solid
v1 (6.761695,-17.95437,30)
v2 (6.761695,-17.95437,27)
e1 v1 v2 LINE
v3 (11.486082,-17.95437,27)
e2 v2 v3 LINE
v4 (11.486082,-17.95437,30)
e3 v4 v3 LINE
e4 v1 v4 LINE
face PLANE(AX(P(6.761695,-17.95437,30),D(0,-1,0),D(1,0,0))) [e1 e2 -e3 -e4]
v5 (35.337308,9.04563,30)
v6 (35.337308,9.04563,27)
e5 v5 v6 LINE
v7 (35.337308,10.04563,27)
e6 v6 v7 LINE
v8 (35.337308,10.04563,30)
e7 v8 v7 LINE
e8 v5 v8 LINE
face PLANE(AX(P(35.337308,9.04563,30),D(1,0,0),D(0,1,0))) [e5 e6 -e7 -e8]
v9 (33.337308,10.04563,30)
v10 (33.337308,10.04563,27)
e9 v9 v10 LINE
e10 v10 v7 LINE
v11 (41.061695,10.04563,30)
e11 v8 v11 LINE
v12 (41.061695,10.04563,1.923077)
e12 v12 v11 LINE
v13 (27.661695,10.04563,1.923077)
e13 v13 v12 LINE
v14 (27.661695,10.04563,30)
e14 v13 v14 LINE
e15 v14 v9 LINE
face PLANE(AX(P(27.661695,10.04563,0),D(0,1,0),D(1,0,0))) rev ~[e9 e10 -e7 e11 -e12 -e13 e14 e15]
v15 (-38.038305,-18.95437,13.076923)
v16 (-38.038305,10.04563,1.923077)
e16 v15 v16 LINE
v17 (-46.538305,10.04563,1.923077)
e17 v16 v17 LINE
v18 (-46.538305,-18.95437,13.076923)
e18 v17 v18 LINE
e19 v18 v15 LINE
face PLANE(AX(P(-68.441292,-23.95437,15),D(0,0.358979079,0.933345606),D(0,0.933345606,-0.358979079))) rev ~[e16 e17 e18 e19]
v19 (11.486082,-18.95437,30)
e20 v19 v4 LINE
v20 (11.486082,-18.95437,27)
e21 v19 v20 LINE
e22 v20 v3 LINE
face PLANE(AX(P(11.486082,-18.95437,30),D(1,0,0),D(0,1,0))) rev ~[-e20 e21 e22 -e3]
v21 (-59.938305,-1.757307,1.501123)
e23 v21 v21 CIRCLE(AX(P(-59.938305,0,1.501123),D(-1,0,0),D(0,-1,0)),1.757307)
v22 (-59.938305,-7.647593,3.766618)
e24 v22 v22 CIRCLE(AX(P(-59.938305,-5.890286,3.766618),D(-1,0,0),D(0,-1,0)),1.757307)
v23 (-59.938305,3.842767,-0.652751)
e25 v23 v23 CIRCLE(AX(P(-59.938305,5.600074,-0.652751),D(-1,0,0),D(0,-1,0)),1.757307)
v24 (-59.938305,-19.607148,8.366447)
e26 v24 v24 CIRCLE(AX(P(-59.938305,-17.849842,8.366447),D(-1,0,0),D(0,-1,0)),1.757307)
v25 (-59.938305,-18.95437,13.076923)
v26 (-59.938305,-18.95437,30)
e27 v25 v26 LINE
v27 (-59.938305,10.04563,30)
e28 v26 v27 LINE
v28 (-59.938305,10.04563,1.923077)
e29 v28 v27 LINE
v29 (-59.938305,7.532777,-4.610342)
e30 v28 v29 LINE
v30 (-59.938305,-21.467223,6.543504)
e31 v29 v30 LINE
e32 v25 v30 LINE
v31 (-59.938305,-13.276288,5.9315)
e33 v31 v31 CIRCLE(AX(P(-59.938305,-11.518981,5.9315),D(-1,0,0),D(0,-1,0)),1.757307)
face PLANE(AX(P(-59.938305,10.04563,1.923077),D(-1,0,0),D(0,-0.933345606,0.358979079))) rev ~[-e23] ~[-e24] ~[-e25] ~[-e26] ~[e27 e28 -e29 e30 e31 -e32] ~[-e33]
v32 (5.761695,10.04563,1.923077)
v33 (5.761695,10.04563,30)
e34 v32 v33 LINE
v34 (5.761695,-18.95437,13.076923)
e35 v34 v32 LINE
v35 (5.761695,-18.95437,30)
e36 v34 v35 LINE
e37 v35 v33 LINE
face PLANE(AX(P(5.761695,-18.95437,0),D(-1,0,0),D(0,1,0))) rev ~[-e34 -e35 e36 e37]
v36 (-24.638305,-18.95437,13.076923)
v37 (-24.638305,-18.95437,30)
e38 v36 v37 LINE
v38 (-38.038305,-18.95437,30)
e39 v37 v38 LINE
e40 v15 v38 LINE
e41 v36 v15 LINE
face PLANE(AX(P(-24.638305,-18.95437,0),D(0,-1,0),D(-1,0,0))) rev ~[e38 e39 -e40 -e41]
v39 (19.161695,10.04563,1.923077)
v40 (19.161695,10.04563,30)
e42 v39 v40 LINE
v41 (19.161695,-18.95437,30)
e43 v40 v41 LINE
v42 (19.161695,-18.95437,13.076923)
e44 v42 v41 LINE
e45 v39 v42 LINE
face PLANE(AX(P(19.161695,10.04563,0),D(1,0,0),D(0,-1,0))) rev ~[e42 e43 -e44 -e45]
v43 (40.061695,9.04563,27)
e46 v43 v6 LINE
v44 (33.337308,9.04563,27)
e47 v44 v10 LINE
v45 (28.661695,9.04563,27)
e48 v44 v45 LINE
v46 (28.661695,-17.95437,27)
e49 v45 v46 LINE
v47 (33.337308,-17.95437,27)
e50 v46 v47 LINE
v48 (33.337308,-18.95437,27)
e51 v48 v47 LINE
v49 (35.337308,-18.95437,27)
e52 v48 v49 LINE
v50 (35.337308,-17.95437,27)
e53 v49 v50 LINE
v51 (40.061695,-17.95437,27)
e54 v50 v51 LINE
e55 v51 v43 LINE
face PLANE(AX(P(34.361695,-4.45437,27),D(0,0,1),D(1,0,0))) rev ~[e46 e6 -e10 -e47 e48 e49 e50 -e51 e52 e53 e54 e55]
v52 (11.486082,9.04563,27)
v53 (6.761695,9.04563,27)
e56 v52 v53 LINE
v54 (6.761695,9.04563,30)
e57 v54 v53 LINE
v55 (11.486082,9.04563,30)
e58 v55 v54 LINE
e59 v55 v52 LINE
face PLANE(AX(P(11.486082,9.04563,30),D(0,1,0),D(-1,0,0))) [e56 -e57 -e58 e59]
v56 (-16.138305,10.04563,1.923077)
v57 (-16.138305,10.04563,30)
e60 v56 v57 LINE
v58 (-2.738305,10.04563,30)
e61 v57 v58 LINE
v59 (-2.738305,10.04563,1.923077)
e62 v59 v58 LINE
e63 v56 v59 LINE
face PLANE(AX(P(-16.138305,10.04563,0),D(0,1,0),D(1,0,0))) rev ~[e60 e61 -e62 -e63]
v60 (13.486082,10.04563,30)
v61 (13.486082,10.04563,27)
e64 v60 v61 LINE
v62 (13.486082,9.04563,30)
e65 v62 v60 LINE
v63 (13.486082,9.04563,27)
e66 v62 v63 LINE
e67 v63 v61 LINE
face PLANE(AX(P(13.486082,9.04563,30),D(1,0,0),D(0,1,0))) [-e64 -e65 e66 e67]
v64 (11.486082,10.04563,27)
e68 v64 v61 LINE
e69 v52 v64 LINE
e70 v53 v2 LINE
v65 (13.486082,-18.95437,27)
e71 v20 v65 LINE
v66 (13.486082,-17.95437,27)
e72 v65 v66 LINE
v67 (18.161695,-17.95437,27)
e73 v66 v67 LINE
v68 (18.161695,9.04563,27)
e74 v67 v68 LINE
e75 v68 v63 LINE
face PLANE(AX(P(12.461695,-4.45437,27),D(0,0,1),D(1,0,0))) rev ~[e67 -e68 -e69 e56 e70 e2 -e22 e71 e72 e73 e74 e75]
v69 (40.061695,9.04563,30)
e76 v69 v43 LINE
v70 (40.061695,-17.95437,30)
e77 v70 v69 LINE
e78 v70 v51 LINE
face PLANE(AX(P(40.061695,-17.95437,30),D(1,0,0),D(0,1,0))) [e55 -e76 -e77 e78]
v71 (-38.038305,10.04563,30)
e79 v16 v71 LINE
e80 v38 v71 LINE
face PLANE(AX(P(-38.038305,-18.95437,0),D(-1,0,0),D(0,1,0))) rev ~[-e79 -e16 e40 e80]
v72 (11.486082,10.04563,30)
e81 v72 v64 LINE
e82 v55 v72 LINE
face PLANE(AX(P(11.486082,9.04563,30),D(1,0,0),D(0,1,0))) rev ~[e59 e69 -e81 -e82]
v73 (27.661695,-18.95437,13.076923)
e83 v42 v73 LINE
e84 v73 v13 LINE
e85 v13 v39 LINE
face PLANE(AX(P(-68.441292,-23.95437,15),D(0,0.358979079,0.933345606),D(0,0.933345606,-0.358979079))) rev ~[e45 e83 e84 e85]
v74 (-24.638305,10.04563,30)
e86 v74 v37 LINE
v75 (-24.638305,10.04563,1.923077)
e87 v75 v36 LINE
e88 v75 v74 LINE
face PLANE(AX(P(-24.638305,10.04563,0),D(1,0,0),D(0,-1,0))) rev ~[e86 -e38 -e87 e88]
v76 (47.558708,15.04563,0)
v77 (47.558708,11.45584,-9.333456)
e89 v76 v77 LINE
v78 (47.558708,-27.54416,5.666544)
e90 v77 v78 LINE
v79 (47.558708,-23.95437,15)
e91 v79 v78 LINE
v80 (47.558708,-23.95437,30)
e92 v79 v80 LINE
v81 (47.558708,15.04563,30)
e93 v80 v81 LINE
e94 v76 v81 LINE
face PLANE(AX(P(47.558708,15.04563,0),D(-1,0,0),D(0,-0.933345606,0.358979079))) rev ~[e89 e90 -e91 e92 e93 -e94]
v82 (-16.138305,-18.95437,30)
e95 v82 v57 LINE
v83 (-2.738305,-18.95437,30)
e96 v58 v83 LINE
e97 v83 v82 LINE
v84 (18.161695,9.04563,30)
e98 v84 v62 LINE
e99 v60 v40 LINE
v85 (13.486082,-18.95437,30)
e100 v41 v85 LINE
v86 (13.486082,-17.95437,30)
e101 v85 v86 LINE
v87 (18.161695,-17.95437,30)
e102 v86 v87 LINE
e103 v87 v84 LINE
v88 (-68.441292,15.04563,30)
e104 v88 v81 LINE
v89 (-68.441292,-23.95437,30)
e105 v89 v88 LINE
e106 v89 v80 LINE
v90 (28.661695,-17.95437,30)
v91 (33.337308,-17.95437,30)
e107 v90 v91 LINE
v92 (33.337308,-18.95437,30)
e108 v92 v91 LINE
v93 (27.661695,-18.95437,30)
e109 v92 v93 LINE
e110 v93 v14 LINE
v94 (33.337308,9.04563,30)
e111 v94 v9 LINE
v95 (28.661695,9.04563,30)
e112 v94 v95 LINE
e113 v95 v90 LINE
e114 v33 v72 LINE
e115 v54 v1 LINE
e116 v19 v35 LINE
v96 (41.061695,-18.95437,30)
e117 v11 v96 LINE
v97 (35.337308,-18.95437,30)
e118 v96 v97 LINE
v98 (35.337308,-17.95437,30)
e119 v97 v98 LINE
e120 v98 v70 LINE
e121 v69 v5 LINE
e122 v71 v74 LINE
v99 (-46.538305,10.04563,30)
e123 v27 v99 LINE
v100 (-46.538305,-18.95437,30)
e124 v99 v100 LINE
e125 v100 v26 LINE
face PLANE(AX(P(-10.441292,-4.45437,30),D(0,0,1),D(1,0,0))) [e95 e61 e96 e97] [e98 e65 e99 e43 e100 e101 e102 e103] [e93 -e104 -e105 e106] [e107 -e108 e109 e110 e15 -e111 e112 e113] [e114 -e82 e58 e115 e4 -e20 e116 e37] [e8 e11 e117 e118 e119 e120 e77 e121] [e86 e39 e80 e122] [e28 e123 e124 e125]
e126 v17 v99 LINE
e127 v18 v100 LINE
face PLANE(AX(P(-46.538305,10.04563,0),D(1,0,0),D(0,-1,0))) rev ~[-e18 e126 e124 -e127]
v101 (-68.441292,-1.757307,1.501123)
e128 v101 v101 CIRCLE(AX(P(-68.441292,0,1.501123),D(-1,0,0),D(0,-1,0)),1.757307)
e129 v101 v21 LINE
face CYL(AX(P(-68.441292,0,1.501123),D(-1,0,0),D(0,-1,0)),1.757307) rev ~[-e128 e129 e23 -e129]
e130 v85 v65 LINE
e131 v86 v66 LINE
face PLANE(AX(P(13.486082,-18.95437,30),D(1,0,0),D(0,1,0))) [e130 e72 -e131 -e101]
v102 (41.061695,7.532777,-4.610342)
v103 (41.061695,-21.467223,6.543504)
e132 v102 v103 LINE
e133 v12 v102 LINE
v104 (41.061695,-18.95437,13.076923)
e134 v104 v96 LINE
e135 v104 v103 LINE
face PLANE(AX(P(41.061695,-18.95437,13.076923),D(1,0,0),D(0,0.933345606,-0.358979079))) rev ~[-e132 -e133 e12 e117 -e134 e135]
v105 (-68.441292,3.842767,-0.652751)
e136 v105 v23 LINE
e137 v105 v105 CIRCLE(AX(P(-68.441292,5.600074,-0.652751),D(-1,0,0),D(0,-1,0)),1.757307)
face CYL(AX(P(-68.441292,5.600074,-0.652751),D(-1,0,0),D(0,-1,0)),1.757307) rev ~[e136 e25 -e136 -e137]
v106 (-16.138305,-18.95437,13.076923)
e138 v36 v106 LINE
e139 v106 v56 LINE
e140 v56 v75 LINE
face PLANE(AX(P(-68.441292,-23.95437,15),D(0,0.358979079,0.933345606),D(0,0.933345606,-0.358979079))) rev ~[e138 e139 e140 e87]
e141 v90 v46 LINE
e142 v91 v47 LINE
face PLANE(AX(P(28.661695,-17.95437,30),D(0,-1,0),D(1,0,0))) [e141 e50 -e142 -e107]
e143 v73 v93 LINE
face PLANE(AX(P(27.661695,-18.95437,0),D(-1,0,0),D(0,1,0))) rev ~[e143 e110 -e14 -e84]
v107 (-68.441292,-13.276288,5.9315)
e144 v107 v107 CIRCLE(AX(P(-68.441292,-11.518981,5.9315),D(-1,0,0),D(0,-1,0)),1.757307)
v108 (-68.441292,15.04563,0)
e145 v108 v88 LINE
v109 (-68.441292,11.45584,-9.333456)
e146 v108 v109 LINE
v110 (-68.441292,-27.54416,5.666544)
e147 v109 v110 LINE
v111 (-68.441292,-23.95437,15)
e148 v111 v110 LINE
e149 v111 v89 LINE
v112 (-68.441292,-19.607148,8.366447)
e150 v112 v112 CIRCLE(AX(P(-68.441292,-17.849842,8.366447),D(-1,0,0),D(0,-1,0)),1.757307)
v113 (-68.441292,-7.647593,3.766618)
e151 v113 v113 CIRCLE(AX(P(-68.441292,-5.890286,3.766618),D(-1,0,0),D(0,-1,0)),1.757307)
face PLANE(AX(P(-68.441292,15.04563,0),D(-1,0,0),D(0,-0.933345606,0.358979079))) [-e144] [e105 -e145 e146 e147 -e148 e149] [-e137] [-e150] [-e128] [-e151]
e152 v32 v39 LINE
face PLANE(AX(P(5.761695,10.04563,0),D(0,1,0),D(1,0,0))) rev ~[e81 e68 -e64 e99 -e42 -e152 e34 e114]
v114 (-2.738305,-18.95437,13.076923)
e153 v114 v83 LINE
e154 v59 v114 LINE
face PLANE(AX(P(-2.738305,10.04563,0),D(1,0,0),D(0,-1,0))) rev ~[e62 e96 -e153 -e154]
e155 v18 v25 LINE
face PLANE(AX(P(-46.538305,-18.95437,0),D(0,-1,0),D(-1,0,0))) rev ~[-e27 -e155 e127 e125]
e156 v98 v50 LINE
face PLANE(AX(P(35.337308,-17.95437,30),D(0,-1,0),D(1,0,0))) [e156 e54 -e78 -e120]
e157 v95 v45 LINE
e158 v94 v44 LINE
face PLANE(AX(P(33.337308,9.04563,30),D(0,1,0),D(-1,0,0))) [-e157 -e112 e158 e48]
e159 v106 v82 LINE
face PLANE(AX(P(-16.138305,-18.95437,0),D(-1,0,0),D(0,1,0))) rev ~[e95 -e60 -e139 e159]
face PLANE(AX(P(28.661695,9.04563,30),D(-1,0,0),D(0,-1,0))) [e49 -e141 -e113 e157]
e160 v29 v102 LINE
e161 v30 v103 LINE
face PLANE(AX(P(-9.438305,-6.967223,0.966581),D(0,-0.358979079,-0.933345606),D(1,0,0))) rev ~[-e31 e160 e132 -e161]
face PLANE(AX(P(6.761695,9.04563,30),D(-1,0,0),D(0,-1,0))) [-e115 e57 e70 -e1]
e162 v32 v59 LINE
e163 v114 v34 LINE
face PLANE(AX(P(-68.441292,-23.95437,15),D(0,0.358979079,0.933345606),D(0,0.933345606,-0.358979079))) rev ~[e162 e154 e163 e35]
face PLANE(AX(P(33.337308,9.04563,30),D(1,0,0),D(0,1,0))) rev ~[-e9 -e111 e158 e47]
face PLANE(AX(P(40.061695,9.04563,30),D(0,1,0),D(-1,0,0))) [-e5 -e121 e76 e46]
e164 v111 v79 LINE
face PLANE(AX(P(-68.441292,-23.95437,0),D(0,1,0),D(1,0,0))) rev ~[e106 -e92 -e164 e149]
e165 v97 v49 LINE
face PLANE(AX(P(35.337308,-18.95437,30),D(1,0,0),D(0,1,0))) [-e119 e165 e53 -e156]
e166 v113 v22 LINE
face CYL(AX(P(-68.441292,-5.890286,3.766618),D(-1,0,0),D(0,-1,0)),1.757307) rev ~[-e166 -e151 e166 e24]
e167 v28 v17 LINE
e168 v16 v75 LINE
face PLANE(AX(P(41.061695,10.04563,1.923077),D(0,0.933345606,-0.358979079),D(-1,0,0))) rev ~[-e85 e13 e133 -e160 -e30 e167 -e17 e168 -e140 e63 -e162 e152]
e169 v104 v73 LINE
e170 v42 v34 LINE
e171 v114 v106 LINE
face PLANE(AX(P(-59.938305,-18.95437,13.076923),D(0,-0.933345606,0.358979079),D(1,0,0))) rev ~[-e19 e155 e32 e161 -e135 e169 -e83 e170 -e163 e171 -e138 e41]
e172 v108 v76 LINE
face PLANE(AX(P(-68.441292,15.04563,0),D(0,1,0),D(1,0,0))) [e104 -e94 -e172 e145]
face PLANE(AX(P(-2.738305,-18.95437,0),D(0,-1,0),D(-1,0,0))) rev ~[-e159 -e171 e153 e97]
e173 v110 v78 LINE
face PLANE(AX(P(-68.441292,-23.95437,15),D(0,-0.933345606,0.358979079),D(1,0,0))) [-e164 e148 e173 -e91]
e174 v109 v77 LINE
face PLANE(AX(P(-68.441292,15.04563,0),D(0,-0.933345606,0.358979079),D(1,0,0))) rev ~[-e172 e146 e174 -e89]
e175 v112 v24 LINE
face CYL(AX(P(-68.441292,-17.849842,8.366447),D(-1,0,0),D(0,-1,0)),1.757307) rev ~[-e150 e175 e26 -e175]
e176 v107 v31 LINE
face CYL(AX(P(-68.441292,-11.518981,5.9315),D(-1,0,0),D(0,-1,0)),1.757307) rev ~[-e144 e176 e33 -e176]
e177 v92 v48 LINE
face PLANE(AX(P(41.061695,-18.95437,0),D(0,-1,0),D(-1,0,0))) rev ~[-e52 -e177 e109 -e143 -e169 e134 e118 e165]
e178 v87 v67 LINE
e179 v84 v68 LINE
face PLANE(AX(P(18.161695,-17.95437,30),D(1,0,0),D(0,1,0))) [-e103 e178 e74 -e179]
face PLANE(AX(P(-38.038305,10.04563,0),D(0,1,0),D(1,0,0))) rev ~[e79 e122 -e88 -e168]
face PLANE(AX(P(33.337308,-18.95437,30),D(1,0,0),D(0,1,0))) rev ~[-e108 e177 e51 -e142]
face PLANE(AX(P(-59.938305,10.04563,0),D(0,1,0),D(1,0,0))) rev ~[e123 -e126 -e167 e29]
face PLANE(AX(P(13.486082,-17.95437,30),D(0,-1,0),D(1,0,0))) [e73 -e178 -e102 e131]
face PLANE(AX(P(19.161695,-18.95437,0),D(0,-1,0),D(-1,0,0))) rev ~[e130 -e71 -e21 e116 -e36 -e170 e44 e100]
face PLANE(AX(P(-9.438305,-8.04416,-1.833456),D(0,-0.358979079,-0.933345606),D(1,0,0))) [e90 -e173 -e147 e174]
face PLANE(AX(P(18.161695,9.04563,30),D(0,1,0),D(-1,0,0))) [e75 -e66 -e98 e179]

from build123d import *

# Parameters (mm, degrees)
F0_W      = 116
F0_H      = 39
F1_DEPTH  = 30
F3_DEPTH  = 121.2
F4_W      = 116
F4_H      = 41.7851648316
F5_DEPTH  = 10
F6_W      = 101
F6_H      = 31.0710200029
F7_DEPTH  = 3
F8_R      = 1.7573065985
F9_DEPTH  = 25
F10_W     = 2
F10_H     = 1
F11_DEPTH = 3


with BuildPart() as f1:
    # F0 (on Top) → F1 (new body)
    with BuildSketch(Plane.XY):
        with Locations((-10.4412920773, -4.4543696198)):
            Rectangle(F0_W, F0_H)
        Polygon((-59.9383048147, -18.9543696198), (-59.9383048147, 10.0456303802), (-46.5383048147, 10.0456303802), (-46.5383048147, -4.4543696198), (-46.5383048147, -18.9543696198), align=None, mode=Mode.SUBTRACT)
        Polygon((-38.0383048147, -18.9543696198), (-38.0383048147, -4.4543696198), (-38.0383048147, 10.0456303802), (-24.6383048147, 10.0456303802), (-24.6383048147, -4.4543696198), (-24.6383048147, -18.9543696198), align=None, mode=Mode.SUBTRACT)
        Polygon((-16.1383048147, -18.9543696198), (-16.1383048147, -4.4543696198), (-16.1383048147, 10.0456303802), (-2.7383048147, 10.0456303802), (-2.7383048147, -4.4543696198), (-2.7383048147, -18.9543696198), align=None, mode=Mode.SUBTRACT)
        Polygon((5.7616951853, -18.9543696198), (5.7616951853, -4.4543696198), (5.7616951853, 10.0456303802), (19.1616951853, 10.0456303802), (19.1616951853, -4.4543696198), (19.1616951853, -18.9543696198), align=None, mode=Mode.SUBTRACT)
        Polygon((27.6616951853, -18.9543696198), (27.6616951853, -4.4543696198), (27.6616951853, 10.0456303802), (41.0616951853, 10.0456303802), (41.0616951853, -18.9543696198), align=None, mode=Mode.SUBTRACT)
    extrude(amount=F1_DEPTH)

    # F2 (on face) → F3 (cut)
    with BuildSketch(Plane(origin=(-68.4412920773, 0, 0), x_dir=(0, -1, 0), z_dir=(-1, 0, 0))):
        Polygon((23.9543696198, 15), (-15.0456303802, 0), (23.9543696198, 0), align=None)
    extrude(amount=-F3_DEPTH, mode=Mode.SUBTRACT)

    # F4 (on face) → F5 (join)
    with BuildSketch(Plane(origin=(0, 1.9388698944, 5.0410617253), x_dir=(1, 0, 0), z_dir=(0, -0.3589790793, -0.9333456062))):
        with Locations((-10.4412920773, 6.8498094078)):
            Rectangle(F4_W, F4_H)
        Polygon((41.0616951853, 22.3853194093), (41.0616951853, -8.6857005937), (27.6616951853, -8.6857005937), (19.1616951853, -8.6857005937), (5.7616951853, -8.6857005937), (-2.7383048147, -8.6857005937), (-16.1383048147, -8.6857005937), (-24.6383048147, -8.6857005937), (-38.0383048147, -8.6857005937), (-46.5383048147, -8.6857005937), (-59.9383048147, -8.6857005937), (-59.9383048147, 22.3853194093), (-46.5383048147, 22.3853194093), (-38.0383048147, 22.3853194093), (-24.6383048147, 22.3853194093), (-16.1383048147, 22.3853194093), (-2.7383048147, 22.3853194093), (5.7616951853, 22.3853194093), (19.1616951853, 22.3853194093), (27.6616951853, 22.3853194093), align=None, mode=Mode.SUBTRACT)
    extrude(amount=F5_DEPTH)

    # F6 (on face) → F7 (join)
    with BuildSketch(Plane(origin=(0, -1.6509208987, -4.2923943367), x_dir=(1, 0, 0), z_dir=(0, -0.3589790793, -0.9333456062))):
        with Locations((-9.4383048147, 6.8498094078)):
            Rectangle(F6_W, F6_H)
    extrude(amount=-F7_DEPTH)

    # F8 (on face) → F9 (cut)
    with BuildSketch(Plane(origin=(-68.4412920773, 0, 0), x_dir=(0, -1, 0), z_dir=(-1, 0, 0))):
        with Locations((-5.6000736372, -0.6527514918)):
            Circle(F8_R)
        with Locations((0, 1.501122984)):
            Circle(F8_R)
        with Locations((5.890285937, 3.7666175752)):
            Circle(F8_R)
        with Locations((11.5189812237, 5.9315003778)):
            Circle(F8_R)
        with Locations((17.8498418632, 8.3664467776)):
            Circle(F8_R)
    extrude(amount=-F9_DEPTH, mode=Mode.SUBTRACT)

    # F10 (on face) → F11 (join)
    with BuildSketch(Plane.XY.offset(30)):
        Polygon((35.3373080328, 9.0456303802), (33.3373080328, 9.0456303802), (28.6616951853, 9.0456303802), (28.6616951853, -17.9543696198), (33.3373080328, -17.9543696198), (35.3373080328, -17.9543696198), (40.0616951853, -17.9543696198), (40.0616951853, 9.0456303802), align=None)
        Polygon((13.4860823378, 9.0456303802), (11.4860823378, 9.0456303802), (6.7616951853, 9.0456303802), (6.7616951853, -17.9543696198), (11.4860823378, -17.9543696198), (13.4860823378, -17.9543696198), (18.1616951853, -17.9543696198), (18.1616951853, 9.0456303802), align=None)
        with Locations((12.4860823378, 9.5456303802)):
            Rectangle(F10_W, F10_H)
        with Locations((34.3373080328, 9.5456303802)):
            Rectangle(F10_W, F10_H)
        with Locations((12.4860823378, -18.4543696198)):
            Rectangle(F10_W, F10_H)
        with Locations((34.3373080328, -18.4543696198)):
            Rectangle(F10_W, F10_H)
    extrude(amount=-F11_DEPTH)


solid = f1.part
